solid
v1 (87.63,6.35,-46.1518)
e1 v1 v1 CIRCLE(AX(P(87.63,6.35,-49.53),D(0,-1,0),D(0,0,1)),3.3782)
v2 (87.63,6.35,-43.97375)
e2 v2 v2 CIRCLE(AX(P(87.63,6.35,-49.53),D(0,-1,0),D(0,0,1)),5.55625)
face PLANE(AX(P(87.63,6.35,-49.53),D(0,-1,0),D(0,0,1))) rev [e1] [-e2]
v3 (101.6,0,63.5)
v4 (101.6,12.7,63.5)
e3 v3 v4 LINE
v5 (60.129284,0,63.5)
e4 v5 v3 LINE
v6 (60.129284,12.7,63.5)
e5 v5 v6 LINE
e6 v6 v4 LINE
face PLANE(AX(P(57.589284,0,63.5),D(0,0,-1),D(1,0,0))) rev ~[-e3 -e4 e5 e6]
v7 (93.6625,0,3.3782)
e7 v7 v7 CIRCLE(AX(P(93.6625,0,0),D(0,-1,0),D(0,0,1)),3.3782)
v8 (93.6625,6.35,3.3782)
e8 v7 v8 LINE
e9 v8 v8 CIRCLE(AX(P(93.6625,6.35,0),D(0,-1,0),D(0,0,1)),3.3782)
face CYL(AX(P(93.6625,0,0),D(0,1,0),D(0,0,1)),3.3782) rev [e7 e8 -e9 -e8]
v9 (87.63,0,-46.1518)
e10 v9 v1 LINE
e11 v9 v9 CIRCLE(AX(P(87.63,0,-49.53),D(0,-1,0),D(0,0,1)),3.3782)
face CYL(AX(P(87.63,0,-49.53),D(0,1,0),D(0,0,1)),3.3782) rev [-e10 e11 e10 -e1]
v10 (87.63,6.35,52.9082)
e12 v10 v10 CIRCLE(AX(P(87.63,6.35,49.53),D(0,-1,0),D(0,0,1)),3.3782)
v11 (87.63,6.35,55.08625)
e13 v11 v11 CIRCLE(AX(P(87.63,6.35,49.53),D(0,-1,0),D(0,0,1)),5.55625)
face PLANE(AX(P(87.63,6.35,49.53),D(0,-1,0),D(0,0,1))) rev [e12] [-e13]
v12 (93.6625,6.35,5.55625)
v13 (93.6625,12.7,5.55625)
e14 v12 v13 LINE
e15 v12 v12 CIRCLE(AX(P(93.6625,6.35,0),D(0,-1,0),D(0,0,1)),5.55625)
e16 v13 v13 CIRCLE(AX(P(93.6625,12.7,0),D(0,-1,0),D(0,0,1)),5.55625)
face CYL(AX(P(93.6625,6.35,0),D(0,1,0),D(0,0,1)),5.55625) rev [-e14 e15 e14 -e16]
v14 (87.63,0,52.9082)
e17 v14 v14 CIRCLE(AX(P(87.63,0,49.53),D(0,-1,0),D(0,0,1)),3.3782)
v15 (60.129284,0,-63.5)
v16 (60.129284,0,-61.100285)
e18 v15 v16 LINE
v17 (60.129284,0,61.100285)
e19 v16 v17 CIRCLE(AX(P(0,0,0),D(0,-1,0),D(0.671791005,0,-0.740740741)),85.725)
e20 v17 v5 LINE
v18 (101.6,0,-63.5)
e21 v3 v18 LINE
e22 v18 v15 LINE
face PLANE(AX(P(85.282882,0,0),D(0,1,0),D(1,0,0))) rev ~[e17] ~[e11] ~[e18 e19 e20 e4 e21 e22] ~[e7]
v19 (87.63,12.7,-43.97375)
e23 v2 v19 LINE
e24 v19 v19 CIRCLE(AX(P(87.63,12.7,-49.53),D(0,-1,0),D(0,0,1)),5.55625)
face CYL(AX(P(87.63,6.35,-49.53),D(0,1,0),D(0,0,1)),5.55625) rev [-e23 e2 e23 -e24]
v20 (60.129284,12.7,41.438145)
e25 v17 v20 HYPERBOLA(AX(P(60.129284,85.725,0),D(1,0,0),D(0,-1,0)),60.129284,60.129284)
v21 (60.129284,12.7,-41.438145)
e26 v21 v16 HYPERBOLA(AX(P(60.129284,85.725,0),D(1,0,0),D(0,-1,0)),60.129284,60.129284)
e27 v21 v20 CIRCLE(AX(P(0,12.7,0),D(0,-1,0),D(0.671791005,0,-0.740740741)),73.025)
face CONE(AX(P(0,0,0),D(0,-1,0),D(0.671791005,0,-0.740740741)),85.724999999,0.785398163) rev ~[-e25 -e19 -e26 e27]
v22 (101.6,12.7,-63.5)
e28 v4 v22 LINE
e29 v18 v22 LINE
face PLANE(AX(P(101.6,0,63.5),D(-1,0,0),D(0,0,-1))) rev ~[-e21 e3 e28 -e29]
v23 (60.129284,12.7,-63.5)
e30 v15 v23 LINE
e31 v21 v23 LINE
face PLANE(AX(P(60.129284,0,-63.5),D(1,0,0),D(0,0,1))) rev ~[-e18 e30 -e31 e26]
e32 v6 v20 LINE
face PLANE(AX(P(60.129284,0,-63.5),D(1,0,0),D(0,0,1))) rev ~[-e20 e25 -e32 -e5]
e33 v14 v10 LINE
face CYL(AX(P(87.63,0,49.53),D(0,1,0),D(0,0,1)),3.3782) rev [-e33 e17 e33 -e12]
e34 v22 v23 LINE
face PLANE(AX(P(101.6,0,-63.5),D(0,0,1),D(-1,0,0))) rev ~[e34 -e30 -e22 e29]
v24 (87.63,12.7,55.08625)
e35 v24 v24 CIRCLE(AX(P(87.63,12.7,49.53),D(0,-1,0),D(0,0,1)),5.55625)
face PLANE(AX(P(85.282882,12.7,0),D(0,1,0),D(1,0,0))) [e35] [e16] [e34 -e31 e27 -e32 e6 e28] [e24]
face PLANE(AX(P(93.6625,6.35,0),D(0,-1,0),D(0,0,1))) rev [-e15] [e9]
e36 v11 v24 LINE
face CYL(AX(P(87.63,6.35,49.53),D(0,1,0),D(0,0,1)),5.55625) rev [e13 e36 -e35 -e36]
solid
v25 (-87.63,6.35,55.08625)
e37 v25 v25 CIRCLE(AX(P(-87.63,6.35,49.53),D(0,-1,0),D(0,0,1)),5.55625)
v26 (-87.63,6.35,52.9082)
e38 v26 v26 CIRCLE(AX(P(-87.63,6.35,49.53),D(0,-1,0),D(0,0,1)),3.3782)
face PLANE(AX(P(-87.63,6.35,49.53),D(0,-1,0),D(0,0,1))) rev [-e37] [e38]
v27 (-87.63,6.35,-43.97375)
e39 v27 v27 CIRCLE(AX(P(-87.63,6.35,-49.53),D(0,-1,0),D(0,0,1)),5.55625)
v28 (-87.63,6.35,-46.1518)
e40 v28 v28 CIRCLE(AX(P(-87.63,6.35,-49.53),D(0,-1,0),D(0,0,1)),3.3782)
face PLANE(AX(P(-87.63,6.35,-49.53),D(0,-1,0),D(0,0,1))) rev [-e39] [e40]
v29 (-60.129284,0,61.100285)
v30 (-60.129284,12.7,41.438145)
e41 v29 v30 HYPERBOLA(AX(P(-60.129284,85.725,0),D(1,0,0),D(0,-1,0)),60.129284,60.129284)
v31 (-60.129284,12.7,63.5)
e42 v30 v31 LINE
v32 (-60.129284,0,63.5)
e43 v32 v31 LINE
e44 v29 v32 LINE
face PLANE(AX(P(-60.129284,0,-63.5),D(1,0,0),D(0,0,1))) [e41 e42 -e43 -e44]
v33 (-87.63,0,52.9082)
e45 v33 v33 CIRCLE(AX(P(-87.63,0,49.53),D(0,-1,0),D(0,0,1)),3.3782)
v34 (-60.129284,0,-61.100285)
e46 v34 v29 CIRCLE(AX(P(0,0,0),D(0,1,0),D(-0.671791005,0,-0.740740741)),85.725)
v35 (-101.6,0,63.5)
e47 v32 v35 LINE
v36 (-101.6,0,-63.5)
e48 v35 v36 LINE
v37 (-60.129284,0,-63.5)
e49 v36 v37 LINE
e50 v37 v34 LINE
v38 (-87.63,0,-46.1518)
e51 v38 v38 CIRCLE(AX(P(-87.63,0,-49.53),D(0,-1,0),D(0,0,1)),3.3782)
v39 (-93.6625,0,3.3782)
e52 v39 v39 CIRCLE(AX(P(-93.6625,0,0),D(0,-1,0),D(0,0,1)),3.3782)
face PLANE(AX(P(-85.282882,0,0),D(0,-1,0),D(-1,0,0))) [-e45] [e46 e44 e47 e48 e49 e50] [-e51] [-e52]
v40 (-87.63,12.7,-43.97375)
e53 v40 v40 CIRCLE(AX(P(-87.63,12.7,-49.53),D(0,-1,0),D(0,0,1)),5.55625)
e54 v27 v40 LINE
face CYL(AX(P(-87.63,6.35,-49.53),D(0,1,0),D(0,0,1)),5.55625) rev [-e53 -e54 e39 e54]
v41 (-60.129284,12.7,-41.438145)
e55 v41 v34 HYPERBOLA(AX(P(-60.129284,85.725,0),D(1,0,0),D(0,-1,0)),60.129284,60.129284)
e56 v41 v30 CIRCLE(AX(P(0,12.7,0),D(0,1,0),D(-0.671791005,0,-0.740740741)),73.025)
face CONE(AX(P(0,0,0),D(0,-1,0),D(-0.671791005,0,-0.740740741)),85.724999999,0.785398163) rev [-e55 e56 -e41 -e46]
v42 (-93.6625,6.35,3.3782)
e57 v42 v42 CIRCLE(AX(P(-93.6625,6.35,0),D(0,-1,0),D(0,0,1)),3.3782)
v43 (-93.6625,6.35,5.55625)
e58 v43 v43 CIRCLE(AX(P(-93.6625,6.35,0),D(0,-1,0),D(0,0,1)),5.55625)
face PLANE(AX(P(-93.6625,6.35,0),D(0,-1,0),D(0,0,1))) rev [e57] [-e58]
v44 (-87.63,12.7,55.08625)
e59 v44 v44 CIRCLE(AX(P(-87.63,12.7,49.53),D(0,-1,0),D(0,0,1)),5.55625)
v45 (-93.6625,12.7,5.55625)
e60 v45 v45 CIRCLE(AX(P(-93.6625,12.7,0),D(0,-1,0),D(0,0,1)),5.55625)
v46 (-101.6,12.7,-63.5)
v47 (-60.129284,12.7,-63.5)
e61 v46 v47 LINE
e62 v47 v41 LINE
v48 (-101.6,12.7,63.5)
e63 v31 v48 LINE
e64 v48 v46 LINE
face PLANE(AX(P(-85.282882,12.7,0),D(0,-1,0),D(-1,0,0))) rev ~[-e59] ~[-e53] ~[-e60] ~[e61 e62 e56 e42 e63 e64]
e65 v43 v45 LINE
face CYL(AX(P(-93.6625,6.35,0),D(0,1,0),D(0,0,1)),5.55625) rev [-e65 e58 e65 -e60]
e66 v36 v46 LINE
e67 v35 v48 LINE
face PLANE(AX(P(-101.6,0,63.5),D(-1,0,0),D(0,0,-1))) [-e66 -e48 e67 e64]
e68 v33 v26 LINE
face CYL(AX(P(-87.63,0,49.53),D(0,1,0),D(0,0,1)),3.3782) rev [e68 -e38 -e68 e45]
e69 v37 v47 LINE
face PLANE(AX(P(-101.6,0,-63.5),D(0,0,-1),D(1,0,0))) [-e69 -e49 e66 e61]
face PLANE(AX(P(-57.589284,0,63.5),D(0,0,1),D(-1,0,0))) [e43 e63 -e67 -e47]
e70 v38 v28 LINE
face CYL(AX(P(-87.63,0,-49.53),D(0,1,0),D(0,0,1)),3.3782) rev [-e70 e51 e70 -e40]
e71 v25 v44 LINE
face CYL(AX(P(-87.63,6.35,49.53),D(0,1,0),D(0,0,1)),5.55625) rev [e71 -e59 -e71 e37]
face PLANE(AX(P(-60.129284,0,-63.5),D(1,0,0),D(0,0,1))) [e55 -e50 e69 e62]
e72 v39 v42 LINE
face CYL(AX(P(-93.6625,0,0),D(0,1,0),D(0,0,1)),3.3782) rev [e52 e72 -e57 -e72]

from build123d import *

# Parameters (mm, degrees)
BOSS_EXTRUDE1_DEPTH                           = 12.7
BOSS_EXTRUDE1_2_DEPTH                         = 12.7
DRAFT1_ANGLE                                  = 45
DRAFT2_ANGLE                                  = 45
SKETCH2_W                                     = 120.258567884
SKETCH2_H                                     = 127
CUT_EXTRUDE1_DEPTH                            = 121.482778852
CBORE_FOR_1_4_SOCKET_HEAD_CAP_SCREW1_AT_COUNT = 2
CBORE_FOR_1_4_SOCKET_HEAD_CAP_SCREW1_AT_PITCH = 49.896011426
CBORE_FOR_1_4_SOCKET_HEAD_CAP_SCREW1_2_COUNT  = 2
CBORE_FOR_1_4_SOCKET_HEAD_CAP_SCREW1_2_PITCH  = 99.06
CBORE_FOR_1_4_SOCKET_HEAD_CAP_SCREW1_3_COUNT  = 2
CBORE_FOR_1_4_SOCKET_HEAD_CAP_SCREW1_3_PITCH  = 201.31803496
CBORE_FOR_1_4_SOCKET_HEAD_CAP_SCREW1_4_COUNT  = 2
CBORE_FOR_1_4_SOCKET_HEAD_CAP_SCREW1_4_PITCH  = 187.936668738
CBORE_FOR_1_4_SOCKET_HEAD_CAP_SCREW1_5_COUNT  = 2
CBORE_FOR_1_4_SOCKET_HEAD_CAP_SCREW1_5_PITCH  = 175.26


with BuildPart() as part:
    # Sketch1 → Boss-Extrude1 (new body)
    with BuildSketch(Plane(origin=(0, 0, 0), x_dir=(1, 0, 0), z_dir=(0, 1, 0))):
        with BuildLine():
            Line((-101.6, -63.5), (-101.6, 63.5))
            Line((-101.6, 63.5), (-57.589283942, 63.5))
            ThreePointArc((-57.589283942, 63.5), (-85.725, 0), (-57.589283942, -63.5))
            Line((-57.589283942, -63.5), (-101.6, -63.5))
        make_face()
    extrude(amount=BOSS_EXTRUDE1_DEPTH)

    # Draft2
    draft2_faces = [part.faces().sort_by_distance(p)[0] for p in [
        (-85.725, 6.35, 0),
    ]]
    draft(draft2_faces, Plane(origin=(0, 0, 0), x_dir=(0, 0, -1), z_dir=(0, -1, 0)), DRAFT2_ANGLE)


with BuildPart() as body_2:
    # Sketch1 → Boss-Extrude1 2 (new body)
    with BuildSketch(Plane(origin=(0, 0, 0), x_dir=(1, 0, 0), z_dir=(0, 1, 0))):
        with BuildLine():
            Line((101.6, -63.5), (101.6, 63.5))
            Line((101.6, 63.5), (57.589283942, 63.5))
            ThreePointArc((57.589283942, 63.5), (85.725, 0), (57.589283942, -63.5))
            Line((57.589283942, -63.5), (101.6, -63.5))
        make_face()
    extrude(amount=BOSS_EXTRUDE1_2_DEPTH)

    # Draft1
    draft1_faces = [body_2.faces().sort_by_distance(p)[0] for p in [
        (85.725, 6.35, 0),
    ]]
    draft(draft1_faces, Plane(origin=(0, 0, 0), x_dir=(0, 0, -1), z_dir=(0, -1, 0)), DRAFT1_ANGLE)


with BuildPart() as cut_extrude1_tool:
    # Sketch2 → Cut-Extrude1 (new, through all)
    with BuildSketch(Plane.XZ):
        Rectangle(SKETCH2_W, SKETCH2_H)
    extrude(amount=-CUT_EXTRUDE1_DEPTH)


with BuildPart() as part_1:
    add(part.part)

    # Cut-Extrude1: cut by cut_extrude1_tool
    add(cut_extrude1_tool.part, mode=Mode.SUBTRACT)


with BuildPart() as body_2_1:
    add(body_2.part)

    # Cut-Extrude1: cut by cut_extrude1_tool
    add(cut_extrude1_tool.part, mode=Mode.SUBTRACT)

    # Sketch4 → CBORE for 1/4 Socket Head Cap Screw1 (revolve, cut)
    with BuildSketch(Plane(origin=(87.63, 12.7, 49.53), x_dir=(0, 0, 1), z_dir=(1, 0, 0))):
        Polygon((0, 0), (0, 12.7), (3.3782, 12.7), (3.3782, 6.35), (5.55625, 6.35), (5.55625, 0), align=None)
    cbore_for_1_4_socket_head_cap_screw1 = revolve(axis=Axis((87.63, 19.05, 49.53), (0, -1, 0)), mode=Mode.SUBTRACT)

    # CBORE for 1/4 Socket Head Cap Screw1 at: CBORE for 1/4 Socket Head Cap Screw1 ×2
    with Locations(*[Vector(0.12090144738151404, 0, -0.9926645153429506) * (i * CBORE_FOR_1_4_SOCKET_HEAD_CAP_SCREW1_AT_PITCH) for i in range(1, CBORE_FOR_1_4_SOCKET_HEAD_CAP_SCREW1_AT_COUNT)]):
        add(cbore_for_1_4_socket_head_cap_screw1, mode=Mode.SUBTRACT)

    # CBORE for 1_4 Socket Head Cap Screw1 2: CBORE for 1/4 Socket Head Cap Screw1 ×2
    with Locations(*[(0, 0, -i * CBORE_FOR_1_4_SOCKET_HEAD_CAP_SCREW1_2_PITCH) for i in range(1, CBORE_FOR_1_4_SOCKET_HEAD_CAP_SCREW1_2_COUNT)]):
        add(cbore_for_1_4_socket_head_cap_screw1, mode=Mode.SUBTRACT)


with BuildPart() as part_2:
    add(part_1.part)

    # CBORE for 1_4 Socket Head Cap Screw1 3: CBORE for 1/4 Socket Head Cap Screw1 ×2
    with Locations(*[Vector(-0.8705628387201342, 0, -0.492057256667902) * (i * CBORE_FOR_1_4_SOCKET_HEAD_CAP_SCREW1_3_PITCH) for i in range(1, CBORE_FOR_1_4_SOCKET_HEAD_CAP_SCREW1_3_COUNT)]):
        add(cbore_for_1_4_socket_head_cap_screw1, mode=Mode.SUBTRACT)

    # CBORE for 1_4 Socket Head Cap Screw1 4: CBORE for 1/4 Socket Head Cap Screw1 ×2
    with Locations(*[Vector(-0.9646467675393356, 0, -0.2635462272086457) * (i * CBORE_FOR_1_4_SOCKET_HEAD_CAP_SCREW1_4_PITCH) for i in range(1, CBORE_FOR_1_4_SOCKET_HEAD_CAP_SCREW1_4_COUNT)]):
        add(cbore_for_1_4_socket_head_cap_screw1, mode=Mode.SUBTRACT)

    # CBORE for 1_4 Socket Head Cap Screw1 5: CBORE for 1/4 Socket Head Cap Screw1 ×2
    with Locations(*[(-i * CBORE_FOR_1_4_SOCKET_HEAD_CAP_SCREW1_5_PITCH, 0, 0) for i in range(1, CBORE_FOR_1_4_SOCKET_HEAD_CAP_SCREW1_5_COUNT)]):
        add(cbore_for_1_4_socket_head_cap_screw1, mode=Mode.SUBTRACT)


solid = Compound([body_2_1.part, part_2.part])
